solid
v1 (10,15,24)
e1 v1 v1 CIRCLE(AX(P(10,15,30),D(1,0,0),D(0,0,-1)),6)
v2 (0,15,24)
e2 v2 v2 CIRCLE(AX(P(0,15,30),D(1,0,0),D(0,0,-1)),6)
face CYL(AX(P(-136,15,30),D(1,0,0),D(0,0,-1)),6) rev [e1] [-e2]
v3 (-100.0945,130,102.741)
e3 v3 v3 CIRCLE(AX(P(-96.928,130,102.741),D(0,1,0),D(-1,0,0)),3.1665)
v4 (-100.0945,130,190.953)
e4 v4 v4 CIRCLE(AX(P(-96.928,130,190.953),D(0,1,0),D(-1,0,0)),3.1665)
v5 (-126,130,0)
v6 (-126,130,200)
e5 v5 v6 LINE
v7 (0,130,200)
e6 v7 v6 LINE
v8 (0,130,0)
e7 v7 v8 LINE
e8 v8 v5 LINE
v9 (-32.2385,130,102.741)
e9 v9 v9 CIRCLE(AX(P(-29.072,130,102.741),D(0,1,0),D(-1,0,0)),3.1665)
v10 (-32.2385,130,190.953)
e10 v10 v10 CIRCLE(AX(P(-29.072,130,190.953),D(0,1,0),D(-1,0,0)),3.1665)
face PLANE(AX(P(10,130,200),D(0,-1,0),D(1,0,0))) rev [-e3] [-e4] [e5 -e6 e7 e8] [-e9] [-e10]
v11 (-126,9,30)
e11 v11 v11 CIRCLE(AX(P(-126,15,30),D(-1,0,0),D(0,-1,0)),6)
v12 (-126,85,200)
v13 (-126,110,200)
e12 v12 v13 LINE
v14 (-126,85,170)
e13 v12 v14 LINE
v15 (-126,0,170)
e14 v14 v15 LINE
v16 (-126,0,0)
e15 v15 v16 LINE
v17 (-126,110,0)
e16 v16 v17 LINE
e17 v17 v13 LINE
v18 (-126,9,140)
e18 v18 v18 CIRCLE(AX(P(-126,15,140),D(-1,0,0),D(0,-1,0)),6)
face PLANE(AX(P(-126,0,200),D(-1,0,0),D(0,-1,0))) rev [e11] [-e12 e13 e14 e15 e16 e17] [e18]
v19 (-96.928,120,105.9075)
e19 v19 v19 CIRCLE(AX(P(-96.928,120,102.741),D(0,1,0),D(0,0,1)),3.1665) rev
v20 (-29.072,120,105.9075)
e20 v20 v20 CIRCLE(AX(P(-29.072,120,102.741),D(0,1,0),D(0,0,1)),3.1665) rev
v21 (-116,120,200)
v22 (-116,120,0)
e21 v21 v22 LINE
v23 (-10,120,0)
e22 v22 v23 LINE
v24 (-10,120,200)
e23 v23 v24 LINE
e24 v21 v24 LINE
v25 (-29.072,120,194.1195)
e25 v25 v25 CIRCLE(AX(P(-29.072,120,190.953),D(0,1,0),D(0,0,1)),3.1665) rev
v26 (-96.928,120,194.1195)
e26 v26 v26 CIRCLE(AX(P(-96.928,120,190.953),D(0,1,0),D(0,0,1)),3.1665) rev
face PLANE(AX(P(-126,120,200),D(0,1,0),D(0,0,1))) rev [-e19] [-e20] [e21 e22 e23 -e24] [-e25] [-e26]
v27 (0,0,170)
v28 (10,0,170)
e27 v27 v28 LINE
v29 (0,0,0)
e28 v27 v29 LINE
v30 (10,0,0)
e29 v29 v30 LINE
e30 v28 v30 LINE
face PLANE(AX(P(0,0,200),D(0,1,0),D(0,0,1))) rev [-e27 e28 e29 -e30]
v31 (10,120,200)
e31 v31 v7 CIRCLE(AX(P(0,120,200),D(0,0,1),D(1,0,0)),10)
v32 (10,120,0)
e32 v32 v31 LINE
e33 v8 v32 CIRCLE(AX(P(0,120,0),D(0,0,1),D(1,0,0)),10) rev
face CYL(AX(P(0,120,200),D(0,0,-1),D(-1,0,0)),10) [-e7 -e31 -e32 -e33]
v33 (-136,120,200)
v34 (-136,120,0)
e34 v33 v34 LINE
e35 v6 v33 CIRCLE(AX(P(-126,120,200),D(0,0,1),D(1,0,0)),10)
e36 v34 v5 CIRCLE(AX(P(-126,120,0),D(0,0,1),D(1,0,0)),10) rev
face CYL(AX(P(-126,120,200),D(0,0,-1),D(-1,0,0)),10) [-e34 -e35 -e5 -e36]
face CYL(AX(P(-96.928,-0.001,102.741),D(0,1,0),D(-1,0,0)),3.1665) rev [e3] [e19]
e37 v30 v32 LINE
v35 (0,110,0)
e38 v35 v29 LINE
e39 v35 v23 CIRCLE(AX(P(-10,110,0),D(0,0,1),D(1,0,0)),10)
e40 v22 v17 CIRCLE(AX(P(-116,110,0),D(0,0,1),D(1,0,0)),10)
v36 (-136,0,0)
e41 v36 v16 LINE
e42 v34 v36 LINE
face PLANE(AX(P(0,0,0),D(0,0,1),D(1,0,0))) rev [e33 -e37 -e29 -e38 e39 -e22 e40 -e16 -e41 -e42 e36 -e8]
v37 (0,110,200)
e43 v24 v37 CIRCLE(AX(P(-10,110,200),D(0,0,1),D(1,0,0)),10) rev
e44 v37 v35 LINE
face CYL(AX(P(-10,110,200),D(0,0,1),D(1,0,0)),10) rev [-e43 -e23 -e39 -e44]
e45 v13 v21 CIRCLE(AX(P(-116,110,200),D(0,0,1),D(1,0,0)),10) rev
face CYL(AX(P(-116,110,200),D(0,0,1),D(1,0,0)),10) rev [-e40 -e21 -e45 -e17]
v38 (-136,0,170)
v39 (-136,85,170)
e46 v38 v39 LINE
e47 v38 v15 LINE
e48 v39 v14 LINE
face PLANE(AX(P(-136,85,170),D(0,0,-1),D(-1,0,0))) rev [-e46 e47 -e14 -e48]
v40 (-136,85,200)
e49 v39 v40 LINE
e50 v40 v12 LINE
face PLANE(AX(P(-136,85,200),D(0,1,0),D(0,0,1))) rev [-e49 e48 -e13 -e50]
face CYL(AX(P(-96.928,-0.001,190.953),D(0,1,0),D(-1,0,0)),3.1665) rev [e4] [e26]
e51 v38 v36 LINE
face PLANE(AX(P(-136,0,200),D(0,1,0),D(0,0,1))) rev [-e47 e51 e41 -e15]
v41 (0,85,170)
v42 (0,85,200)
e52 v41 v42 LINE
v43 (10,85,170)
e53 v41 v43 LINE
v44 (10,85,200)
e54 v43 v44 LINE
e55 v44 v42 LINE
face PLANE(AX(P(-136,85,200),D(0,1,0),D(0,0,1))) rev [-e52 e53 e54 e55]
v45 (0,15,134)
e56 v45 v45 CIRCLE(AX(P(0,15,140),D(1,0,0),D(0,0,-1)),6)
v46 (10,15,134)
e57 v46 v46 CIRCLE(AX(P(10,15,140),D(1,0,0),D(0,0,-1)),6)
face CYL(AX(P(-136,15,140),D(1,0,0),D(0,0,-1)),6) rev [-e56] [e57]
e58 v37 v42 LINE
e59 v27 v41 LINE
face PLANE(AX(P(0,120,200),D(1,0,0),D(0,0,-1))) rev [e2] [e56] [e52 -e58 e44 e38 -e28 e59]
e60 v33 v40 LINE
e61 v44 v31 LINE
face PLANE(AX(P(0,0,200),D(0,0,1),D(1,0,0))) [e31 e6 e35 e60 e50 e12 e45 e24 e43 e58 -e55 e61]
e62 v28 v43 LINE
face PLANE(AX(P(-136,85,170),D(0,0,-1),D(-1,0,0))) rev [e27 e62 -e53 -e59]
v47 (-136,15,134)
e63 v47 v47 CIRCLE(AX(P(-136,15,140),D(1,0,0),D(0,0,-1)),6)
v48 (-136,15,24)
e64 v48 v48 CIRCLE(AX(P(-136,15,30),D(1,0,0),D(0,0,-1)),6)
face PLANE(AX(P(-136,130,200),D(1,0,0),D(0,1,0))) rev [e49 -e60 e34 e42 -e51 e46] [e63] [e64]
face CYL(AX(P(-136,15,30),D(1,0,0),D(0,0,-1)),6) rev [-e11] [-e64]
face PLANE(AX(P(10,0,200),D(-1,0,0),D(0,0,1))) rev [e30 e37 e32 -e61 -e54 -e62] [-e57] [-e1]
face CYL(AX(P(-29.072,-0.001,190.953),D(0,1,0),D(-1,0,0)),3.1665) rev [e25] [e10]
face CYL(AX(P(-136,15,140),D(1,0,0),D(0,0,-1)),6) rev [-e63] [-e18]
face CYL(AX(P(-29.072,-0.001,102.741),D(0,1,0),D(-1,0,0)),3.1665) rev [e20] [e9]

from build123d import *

# Parameters (mm, degrees)
SALIENTE_EXTRUIR1_DEPTH = 200
REDONDEO1_R             = 10
CROQUIS2_R              = 6
CORTAR_EXTRUIR1_DEPTH   = 147
CROQUIS3_W              = 30
CROQUIS3_H              = 85
CORTAR_EXTRUIR2_DEPTH   = 147
CORTAR_EXTRUIR3_REACH   = 132
CROQUIS4_R              = 3.1665


with BuildPart() as part:
    # Croquis1 → Saliente-Extruir1 (new body)
    with BuildSketch(Plane.XY):
        Polygon((-136, 0), (-126, 0), (-126, 120), (0, 120), (0, 0), (10, 0), (10, 130), (-136, 130), align=None)
    extrude(amount=SALIENTE_EXTRUIR1_DEPTH)

    # Redondeo1
    redondeo1_edges = [part.edges().sort_by_distance(p)[0] for p in [
        (-136, 130, 100),
        (10, 130, 100),
        (0, 120, 100),
        (-126, 120, 100),
    ]]
    fillet(redondeo1_edges, radius=REDONDEO1_R)

    # Croquis2 → Cortar-Extruir1 (cut, through all)
    with BuildSketch(Plane(origin=(10, 0, 0), x_dir=(0, 0, -1), z_dir=(1, 0, 0))):
        with Locations((-140, 15)):
            Circle(CROQUIS2_R)
        with Locations((-30, 15)):
            Circle(CROQUIS2_R)
    extrude(amount=-CORTAR_EXTRUIR1_DEPTH, mode=Mode.SUBTRACT)

    # Croquis3 → Cortar-Extruir2 (cut, through all)
    with BuildSketch(Plane(origin=(10, 0, 0), x_dir=(0, 0, -1), z_dir=(1, 0, 0))):
        with Locations((-185, 42.5)):
            Rectangle(CROQUIS3_W, CROQUIS3_H)
    extrude(amount=-CORTAR_EXTRUIR2_DEPTH, mode=Mode.SUBTRACT)

    # Croquis4 → Cortar-Extruir3 (cut, up to next)
    with BuildSketch(Plane(origin=(0, 130, 0), x_dir=(1, 0, 0), z_dir=(0, 1, 0)), mode=Mode.PRIVATE) as cortar_extruir3_sk1:
        with Locations((-96.928, -190.953)):
            Circle(CROQUIS4_R)
    cortar_extruir3_tool1 = extrude(cortar_extruir3_sk1.sketch, amount=-CORTAR_EXTRUIR3_REACH, mode=Mode.PRIVATE) & part.part
    add(cortar_extruir3_tool1.solids().sort_by_distance((-96.928, 130, 190.953))[0], mode=Mode.SUBTRACT)
    # Croquis4 → Cortar-Extruir3 (cut, up to next)
    with BuildSketch(Plane(origin=(0, 130, 0), x_dir=(1, 0, 0), z_dir=(0, 1, 0)), mode=Mode.PRIVATE) as cortar_extruir3_sk2:
        with Locations((-29.072, -190.953)):
            Circle(CROQUIS4_R)
    cortar_extruir3_tool2 = extrude(cortar_extruir3_sk2.sketch, amount=-CORTAR_EXTRUIR3_REACH, mode=Mode.PRIVATE) & part.part
    add(cortar_extruir3_tool2.solids().sort_by_distance((-29.072, 130, 190.953))[0], mode=Mode.SUBTRACT)
    # Croquis4 → Cortar-Extruir3 (cut, up to next)
    with BuildSketch(Plane(origin=(0, 130, 0), x_dir=(1, 0, 0), z_dir=(0, 1, 0)), mode=Mode.PRIVATE) as cortar_extruir3_sk3:
        with Locations((-96.928, -102.741)):
            Circle(CROQUIS4_R)
    cortar_extruir3_tool3 = extrude(cortar_extruir3_sk3.sketch, amount=-CORTAR_EXTRUIR3_REACH, mode=Mode.PRIVATE) & part.part
    add(cortar_extruir3_tool3.solids().sort_by_distance((-96.928, 130, 102.741))[0], mode=Mode.SUBTRACT)
    # Croquis4 → Cortar-Extruir3 (cut, up to next)
    with BuildSketch(Plane(origin=(0, 130, 0), x_dir=(1, 0, 0), z_dir=(0, 1, 0)), mode=Mode.PRIVATE) as cortar_extruir3_sk4:
        with Locations((-29.072, -102.741)):
            Circle(CROQUIS4_R)
    cortar_extruir3_tool4 = extrude(cortar_extruir3_sk4.sketch, amount=-CORTAR_EXTRUIR3_REACH, mode=Mode.PRIVATE) & part.part
    add(cortar_extruir3_tool4.solids().sort_by_distance((-29.072, 130, 102.741))[0], mode=Mode.SUBTRACT)


solid = part.part
